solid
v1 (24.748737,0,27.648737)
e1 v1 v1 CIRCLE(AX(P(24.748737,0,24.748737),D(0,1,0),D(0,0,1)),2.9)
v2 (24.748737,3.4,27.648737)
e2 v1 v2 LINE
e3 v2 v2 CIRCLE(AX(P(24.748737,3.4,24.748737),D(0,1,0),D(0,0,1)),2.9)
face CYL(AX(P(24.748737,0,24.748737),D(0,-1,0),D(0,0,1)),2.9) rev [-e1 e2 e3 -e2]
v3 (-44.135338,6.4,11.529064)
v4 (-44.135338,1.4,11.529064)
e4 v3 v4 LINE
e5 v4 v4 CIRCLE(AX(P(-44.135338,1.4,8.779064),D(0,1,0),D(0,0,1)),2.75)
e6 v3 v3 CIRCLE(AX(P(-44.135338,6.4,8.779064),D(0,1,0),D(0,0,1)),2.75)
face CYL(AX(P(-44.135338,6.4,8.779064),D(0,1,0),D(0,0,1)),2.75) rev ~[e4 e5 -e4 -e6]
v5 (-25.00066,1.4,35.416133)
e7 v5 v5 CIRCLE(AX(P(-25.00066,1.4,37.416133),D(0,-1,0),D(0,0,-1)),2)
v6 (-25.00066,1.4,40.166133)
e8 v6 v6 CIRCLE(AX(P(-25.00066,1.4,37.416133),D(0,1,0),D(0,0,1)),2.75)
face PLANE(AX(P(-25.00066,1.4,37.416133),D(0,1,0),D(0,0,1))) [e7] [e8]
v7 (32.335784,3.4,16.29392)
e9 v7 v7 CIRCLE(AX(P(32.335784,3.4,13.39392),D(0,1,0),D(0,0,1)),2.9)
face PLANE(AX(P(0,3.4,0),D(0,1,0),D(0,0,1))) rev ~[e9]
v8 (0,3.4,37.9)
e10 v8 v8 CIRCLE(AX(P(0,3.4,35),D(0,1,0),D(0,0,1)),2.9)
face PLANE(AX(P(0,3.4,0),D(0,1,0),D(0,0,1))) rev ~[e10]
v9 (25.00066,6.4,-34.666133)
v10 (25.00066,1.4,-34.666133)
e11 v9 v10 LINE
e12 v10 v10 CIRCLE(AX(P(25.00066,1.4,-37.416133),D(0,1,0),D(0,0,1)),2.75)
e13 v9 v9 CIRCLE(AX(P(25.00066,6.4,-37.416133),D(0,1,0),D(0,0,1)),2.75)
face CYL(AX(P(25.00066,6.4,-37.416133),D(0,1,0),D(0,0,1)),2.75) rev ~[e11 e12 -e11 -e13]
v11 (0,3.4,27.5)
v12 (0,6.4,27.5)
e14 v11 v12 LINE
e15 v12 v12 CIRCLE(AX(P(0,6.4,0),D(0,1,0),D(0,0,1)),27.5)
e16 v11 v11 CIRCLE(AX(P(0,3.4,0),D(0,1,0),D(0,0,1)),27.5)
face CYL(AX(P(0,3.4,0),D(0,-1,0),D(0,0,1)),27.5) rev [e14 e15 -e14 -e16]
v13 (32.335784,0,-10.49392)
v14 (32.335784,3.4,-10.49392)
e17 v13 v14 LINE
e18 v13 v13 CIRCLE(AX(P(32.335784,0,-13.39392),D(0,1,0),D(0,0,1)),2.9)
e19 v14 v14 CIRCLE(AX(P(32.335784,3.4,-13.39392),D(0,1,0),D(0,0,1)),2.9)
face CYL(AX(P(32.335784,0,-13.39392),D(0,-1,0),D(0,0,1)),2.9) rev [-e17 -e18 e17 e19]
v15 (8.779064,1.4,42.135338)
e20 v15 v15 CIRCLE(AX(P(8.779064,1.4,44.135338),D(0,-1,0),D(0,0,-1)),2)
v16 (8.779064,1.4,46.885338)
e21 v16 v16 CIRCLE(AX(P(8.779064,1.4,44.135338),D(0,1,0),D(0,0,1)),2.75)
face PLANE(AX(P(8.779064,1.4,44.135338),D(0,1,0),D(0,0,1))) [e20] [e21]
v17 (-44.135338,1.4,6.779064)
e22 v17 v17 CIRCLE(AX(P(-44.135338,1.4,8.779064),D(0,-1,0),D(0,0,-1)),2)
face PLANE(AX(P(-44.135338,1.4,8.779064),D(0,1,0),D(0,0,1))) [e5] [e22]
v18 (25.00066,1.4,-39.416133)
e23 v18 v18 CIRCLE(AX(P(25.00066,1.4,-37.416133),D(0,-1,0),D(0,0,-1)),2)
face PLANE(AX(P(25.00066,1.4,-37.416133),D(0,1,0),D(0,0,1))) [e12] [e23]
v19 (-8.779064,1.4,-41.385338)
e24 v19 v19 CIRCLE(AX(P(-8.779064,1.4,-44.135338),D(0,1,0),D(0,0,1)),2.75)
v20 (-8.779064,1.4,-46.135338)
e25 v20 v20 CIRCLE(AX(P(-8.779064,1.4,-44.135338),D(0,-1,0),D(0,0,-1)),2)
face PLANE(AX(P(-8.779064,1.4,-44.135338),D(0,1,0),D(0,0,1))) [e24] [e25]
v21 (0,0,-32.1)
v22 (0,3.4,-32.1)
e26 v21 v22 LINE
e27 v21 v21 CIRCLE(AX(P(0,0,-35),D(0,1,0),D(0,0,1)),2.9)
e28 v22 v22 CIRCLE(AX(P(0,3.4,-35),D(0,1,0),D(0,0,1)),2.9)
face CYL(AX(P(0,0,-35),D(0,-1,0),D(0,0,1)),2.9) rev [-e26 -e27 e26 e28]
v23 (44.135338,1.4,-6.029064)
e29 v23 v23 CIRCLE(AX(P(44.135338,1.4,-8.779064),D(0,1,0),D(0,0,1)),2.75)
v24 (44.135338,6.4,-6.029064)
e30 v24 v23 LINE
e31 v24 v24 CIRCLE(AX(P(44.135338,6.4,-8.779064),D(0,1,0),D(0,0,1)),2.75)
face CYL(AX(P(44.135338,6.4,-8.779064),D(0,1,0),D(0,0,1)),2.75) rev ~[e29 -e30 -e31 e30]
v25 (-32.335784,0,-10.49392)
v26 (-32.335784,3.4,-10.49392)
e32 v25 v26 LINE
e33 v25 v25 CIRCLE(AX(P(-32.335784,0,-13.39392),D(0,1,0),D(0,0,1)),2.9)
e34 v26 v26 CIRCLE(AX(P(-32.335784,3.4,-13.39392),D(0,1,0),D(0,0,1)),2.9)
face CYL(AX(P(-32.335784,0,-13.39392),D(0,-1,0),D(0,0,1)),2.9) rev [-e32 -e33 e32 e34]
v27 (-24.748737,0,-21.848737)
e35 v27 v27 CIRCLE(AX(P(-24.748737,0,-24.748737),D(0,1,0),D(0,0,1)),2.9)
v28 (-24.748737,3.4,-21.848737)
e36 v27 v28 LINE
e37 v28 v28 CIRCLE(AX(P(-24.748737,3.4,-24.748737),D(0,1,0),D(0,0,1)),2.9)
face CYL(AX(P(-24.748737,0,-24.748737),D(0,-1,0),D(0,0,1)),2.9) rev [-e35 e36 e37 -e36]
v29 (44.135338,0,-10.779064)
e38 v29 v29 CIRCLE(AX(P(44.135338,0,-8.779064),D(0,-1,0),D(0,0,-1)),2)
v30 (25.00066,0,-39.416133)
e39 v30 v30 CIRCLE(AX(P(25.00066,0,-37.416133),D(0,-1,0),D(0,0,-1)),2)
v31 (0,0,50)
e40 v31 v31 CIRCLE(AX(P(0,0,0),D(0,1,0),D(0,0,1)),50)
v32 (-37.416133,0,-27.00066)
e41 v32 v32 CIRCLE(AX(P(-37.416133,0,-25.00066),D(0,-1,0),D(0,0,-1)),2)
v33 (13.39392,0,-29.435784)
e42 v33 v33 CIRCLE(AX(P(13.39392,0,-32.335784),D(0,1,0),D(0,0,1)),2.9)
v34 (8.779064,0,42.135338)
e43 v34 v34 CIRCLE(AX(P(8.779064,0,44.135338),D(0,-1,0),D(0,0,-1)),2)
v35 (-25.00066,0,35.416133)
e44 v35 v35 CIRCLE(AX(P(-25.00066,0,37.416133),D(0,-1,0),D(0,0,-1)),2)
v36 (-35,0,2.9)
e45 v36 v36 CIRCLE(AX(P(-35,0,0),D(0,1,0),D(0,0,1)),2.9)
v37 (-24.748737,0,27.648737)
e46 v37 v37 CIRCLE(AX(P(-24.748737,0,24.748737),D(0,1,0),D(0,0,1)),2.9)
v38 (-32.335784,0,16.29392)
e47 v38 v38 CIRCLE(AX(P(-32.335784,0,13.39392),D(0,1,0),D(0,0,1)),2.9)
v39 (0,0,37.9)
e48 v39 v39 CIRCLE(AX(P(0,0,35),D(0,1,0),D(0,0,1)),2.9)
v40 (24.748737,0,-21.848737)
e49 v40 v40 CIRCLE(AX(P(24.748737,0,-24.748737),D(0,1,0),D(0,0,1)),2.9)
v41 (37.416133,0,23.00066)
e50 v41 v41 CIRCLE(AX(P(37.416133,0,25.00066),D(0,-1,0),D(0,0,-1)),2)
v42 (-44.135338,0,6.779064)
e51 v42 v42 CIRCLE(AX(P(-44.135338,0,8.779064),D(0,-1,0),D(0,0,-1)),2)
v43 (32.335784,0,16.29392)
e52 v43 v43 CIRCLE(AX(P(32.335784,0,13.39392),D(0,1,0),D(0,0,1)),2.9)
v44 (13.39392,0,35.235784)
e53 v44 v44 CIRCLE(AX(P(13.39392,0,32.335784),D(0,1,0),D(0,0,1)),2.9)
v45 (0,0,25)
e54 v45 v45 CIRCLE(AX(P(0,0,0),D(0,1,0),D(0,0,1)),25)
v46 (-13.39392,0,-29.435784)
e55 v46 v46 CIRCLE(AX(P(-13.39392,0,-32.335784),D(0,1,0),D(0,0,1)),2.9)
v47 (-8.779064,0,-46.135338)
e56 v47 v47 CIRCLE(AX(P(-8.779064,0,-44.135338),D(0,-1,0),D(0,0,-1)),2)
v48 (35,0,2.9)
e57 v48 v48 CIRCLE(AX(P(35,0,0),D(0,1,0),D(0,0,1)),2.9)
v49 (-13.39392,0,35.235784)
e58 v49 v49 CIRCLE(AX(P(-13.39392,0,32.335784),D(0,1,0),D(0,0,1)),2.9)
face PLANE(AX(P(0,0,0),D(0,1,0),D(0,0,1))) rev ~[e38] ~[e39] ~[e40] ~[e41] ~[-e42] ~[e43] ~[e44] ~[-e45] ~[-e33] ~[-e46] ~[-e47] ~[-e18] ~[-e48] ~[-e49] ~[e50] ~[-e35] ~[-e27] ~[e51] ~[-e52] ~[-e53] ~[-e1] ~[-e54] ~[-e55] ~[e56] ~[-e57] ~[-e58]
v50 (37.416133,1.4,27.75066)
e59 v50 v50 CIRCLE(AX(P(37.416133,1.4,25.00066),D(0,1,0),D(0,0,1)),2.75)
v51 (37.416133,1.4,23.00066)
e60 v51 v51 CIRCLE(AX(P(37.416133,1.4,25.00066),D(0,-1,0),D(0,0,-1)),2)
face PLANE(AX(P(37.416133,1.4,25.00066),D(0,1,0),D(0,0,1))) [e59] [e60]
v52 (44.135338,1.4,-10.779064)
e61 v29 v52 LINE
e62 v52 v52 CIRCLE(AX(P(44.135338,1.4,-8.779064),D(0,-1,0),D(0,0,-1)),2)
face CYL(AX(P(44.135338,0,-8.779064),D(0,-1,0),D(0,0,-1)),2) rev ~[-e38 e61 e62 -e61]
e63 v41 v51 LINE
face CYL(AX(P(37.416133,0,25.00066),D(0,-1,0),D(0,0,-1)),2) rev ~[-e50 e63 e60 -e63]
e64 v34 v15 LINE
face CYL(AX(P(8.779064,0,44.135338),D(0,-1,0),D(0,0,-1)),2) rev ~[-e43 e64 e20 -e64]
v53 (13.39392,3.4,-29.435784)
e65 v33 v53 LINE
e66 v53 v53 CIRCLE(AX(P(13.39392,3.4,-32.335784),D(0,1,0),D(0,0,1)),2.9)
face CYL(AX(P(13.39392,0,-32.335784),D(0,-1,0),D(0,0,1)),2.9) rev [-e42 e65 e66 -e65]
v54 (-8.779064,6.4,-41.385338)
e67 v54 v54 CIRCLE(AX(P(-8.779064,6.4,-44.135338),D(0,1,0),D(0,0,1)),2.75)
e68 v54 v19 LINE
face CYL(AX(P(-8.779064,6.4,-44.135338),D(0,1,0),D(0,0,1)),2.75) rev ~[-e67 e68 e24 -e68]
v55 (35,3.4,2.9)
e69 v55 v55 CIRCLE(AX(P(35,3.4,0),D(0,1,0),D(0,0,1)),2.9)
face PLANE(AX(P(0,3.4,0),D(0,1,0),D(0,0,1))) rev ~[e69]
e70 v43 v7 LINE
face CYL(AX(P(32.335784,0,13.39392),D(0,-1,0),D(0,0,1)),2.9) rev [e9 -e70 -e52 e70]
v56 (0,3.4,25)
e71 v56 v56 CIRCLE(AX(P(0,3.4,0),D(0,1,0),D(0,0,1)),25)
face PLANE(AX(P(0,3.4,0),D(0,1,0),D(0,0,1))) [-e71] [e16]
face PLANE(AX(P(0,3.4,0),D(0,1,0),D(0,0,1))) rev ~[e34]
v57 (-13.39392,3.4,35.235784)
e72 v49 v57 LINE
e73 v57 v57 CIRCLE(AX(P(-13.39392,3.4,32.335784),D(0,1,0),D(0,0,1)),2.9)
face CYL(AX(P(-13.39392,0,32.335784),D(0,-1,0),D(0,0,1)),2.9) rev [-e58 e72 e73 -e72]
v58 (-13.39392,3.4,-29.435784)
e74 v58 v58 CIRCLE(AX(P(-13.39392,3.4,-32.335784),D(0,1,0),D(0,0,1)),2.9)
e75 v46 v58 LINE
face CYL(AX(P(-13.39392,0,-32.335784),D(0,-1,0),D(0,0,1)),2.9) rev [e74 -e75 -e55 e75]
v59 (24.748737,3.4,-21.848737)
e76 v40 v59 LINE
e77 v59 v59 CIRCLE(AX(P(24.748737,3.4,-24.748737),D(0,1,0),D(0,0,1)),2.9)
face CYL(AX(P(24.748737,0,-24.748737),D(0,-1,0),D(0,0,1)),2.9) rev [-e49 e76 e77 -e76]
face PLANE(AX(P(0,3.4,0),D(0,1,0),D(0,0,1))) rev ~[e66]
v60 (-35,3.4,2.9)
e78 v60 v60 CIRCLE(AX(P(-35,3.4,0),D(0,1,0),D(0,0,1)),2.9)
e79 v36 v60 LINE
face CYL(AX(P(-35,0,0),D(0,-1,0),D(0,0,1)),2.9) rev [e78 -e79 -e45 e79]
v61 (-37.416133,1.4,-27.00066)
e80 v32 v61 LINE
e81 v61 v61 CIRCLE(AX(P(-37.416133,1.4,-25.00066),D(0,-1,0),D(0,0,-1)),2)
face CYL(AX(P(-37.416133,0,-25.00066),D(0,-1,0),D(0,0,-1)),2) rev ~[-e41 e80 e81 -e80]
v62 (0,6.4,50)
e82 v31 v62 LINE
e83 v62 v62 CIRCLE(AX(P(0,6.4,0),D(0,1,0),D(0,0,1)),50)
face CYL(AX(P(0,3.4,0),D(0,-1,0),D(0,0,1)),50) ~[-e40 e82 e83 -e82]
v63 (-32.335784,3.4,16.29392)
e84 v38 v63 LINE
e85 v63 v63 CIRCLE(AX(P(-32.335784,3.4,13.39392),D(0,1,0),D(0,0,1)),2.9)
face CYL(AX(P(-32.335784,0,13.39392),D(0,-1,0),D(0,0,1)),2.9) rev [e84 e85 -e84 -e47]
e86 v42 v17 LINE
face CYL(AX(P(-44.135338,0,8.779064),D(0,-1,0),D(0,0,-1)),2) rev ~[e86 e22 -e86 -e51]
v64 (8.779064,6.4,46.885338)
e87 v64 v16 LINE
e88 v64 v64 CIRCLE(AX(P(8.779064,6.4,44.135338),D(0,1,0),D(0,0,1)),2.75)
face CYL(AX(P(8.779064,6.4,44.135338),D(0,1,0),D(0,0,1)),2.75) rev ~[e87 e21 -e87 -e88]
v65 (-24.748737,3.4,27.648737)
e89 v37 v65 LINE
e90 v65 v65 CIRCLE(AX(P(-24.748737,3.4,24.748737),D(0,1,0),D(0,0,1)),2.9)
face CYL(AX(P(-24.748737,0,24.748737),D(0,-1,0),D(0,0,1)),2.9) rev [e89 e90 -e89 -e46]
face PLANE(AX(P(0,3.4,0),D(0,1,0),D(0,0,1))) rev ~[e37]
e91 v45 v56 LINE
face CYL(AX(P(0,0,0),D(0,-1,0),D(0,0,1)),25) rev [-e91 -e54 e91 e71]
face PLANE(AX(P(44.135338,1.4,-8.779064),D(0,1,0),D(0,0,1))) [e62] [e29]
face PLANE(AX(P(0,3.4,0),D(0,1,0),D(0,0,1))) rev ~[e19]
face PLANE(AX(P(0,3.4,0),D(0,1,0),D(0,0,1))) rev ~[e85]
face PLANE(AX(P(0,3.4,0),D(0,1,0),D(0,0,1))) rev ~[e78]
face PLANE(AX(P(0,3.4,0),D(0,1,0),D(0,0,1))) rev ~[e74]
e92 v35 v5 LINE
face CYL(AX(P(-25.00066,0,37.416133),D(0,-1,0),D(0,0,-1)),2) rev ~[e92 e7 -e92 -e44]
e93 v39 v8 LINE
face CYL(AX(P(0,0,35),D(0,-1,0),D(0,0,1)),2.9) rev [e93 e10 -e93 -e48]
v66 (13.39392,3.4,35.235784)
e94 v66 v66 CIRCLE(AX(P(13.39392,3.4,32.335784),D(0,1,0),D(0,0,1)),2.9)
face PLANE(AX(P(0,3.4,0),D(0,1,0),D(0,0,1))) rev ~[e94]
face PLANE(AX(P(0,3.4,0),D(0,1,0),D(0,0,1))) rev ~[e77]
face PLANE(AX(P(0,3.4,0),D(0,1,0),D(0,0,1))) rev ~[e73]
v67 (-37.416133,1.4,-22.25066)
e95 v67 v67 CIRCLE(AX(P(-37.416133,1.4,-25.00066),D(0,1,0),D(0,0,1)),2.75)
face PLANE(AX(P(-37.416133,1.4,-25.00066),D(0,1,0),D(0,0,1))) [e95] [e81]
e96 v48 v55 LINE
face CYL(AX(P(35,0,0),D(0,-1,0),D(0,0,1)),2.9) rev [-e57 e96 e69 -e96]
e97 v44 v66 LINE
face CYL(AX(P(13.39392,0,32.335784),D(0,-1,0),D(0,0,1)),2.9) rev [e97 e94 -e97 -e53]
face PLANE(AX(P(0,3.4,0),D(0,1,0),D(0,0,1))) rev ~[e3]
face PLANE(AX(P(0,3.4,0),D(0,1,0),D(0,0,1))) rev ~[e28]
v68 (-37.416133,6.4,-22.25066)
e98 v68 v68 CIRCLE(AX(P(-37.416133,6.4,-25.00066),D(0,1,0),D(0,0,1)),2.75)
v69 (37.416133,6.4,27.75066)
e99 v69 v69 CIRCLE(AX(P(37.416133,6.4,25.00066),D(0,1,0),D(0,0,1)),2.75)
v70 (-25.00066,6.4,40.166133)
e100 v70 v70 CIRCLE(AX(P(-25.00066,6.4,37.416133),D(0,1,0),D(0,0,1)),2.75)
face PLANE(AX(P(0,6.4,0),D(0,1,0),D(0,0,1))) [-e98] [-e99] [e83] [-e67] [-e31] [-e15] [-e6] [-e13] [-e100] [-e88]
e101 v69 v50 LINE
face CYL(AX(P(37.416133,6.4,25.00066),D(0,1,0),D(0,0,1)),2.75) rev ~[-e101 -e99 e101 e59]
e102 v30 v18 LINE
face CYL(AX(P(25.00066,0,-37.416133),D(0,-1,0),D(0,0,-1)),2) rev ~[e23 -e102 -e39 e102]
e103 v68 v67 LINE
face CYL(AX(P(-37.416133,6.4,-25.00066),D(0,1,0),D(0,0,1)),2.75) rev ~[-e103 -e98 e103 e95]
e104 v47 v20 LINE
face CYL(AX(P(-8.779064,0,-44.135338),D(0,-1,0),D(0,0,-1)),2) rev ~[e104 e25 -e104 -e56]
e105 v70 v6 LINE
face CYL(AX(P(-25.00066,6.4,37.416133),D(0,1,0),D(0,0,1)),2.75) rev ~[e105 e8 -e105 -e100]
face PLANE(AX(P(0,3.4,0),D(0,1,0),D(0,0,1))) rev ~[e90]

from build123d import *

# Parameters (mm, degrees)
SKETCH1_R           = 50
SKETCH1_R_2         = 25
SKETCH1_R_3         = 2.9
BOSS_EXTRUDE1_DEPTH = 3.4
SKETCH2_R           = 50
SKETCH2_R_2         = 27.5
BOSS_EXTRUDE2_DEPTH = 3
SKETCH3_R           = 2
CUT_EXTRUDE1_DEPTH  = 6.4
SKETCH4_R           = 2.75
CUT_EXTRUDE2_DEPTH  = 5


with BuildPart() as part:
    # Sketch1 → Boss-Extrude1 (new body)
    with BuildSketch(Plane(origin=(0, 0, 0), x_dir=(1, 0, 0), z_dir=(0, 1, 0))):
        with Locations(Location((0, 0, 0), (0, 0, 270))):
            Circle(SKETCH1_R)
        with Locations(Location((0, 0, 0), (0, 0, 270))):
            Circle(SKETCH1_R_2, mode=Mode.SUBTRACT)
        with Locations(Location((0, 35, 0), (0, 0, 270))):
            Circle(SKETCH1_R_3, mode=Mode.SUBTRACT)
        with Locations(Location((13.393920133, 32.335783638, 0), (0, 0, 270))):
            Circle(SKETCH1_R_3, mode=Mode.SUBTRACT)
        with Locations(Location((24.748737342, 24.748737342, 0), (0, 0, 270))):
            Circle(SKETCH1_R_3, mode=Mode.SUBTRACT)
        with Locations(Location((32.335783638, 13.393920133, 0), (0, 0, 270))):
            Circle(SKETCH1_R_3, mode=Mode.SUBTRACT)
        with Locations(Location((35, 0, 0), (0, 0, 270))):
            Circle(SKETCH1_R_3, mode=Mode.SUBTRACT)
        with Locations(Location((32.335783638, -13.393920133, 0), (0, 0, 270))):
            Circle(SKETCH1_R_3, mode=Mode.SUBTRACT)
        with Locations(Location((24.748737342, -24.748737342, 0), (0, 0, 270))):
            Circle(SKETCH1_R_3, mode=Mode.SUBTRACT)
        with Locations(Location((13.393920133, -32.335783638, 0), (0, 0, 270))):
            Circle(SKETCH1_R_3, mode=Mode.SUBTRACT)
        with Locations(Location((0, -35, 0), (0, 0, 270))):
            Circle(SKETCH1_R_3, mode=Mode.SUBTRACT)
        with Locations(Location((-13.393920133, -32.335783638, 0), (0, 0, 270))):
            Circle(SKETCH1_R_3, mode=Mode.SUBTRACT)
        with Locations(Location((-24.748737342, -24.748737342, 0), (0, 0, 270))):
            Circle(SKETCH1_R_3, mode=Mode.SUBTRACT)
        with Locations(Location((-32.335783638, -13.393920133, 0), (0, 0, 270))):
            Circle(SKETCH1_R_3, mode=Mode.SUBTRACT)
        with Locations(Location((-35, 0, 0), (0, 0, 270))):
            Circle(SKETCH1_R_3, mode=Mode.SUBTRACT)
        with Locations(Location((-32.335783638, 13.393920133, 0), (0, 0, 270))):
            Circle(SKETCH1_R_3, mode=Mode.SUBTRACT)
        with Locations(Location((-24.748737342, 24.748737342, 0), (0, 0, 270))):
            Circle(SKETCH1_R_3, mode=Mode.SUBTRACT)
        with Locations(Location((-13.393920133, 32.335783638, 0), (0, 0, 270))):
            Circle(SKETCH1_R_3, mode=Mode.SUBTRACT)
    extrude(amount=BOSS_EXTRUDE1_DEPTH)

    # Sketch2 → Boss-Extrude2 (add)
    with BuildSketch(Plane(origin=(0, 3.4, 0), x_dir=(1, 0, 0), z_dir=(0, 1, 0))):
        with Locations(Location((0, 0, 0), (0, 0, 270))):
            Circle(SKETCH2_R)
        with Locations(Location((0, 0, 0), (0, 0, 270))):
            Circle(SKETCH2_R_2, mode=Mode.SUBTRACT)
    extrude(amount=BOSS_EXTRUDE2_DEPTH)

    # Sketch3 → Cut-Extrude1 (cut)
    with BuildSketch(Plane.XZ):
        with Locations(Location((-37.416132554, -25.000660486, 0), (0, 0, 270))):
            Circle(SKETCH3_R)
        with Locations(Location((37.416132554, 25.000660486, 0), (0, 0, 270))):
            Circle(SKETCH3_R)
        with Locations(Location((44.135337618, -8.779064491, 0), (0, 0, 270))):
            Circle(SKETCH3_R)
        with Locations(Location((25.000660486, -37.416132554, 0), (0, 0, 270))):
            Circle(SKETCH3_R)
        with Locations(Location((-8.779064491, -44.135337618, 0), (0, 0, 270))):
            Circle(SKETCH3_R)
        with Locations(Location((-44.135337618, 8.779064491, 0), (0, 0, 270))):
            Circle(SKETCH3_R)
        with Locations(Location((-25.000660486, 37.416132554, 0), (0, 0, 270))):
            Circle(SKETCH3_R)
        with Locations(Location((8.779064491, 44.135337618, 0), (0, 0, 270))):
            Circle(SKETCH3_R)
    extrude(amount=-CUT_EXTRUDE1_DEPTH, mode=Mode.SUBTRACT)

    # Sketch4 → Cut-Extrude2 (cut)
    with BuildSketch(Plane(origin=(0, 6.4, 0), x_dir=(1, 0, 0), z_dir=(0, 1, 0))):
        with Locations(Location((-8.779064491, 44.135337618, 0), (0, 0, 270))):
            Circle(SKETCH4_R)
        with Locations(Location((25.000660486, 37.416132554, 0), (0, 0, 270))):
            Circle(SKETCH4_R)
        with Locations(Location((44.135337618, 8.779064491, 0), (0, 0, 270))):
            Circle(SKETCH4_R)
        with Locations(Location((37.416132554, -25.000660486, 0), (0, 0, 270))):
            Circle(SKETCH4_R)
        with Locations(Location((8.779064491, -44.135337618, 0), (0, 0, 270))):
            Circle(SKETCH4_R)
        with Locations(Location((-25.000660486, -37.416132554, 0), (0, 0, 270))):
            Circle(SKETCH4_R)
        with Locations(Location((-44.135337618, -8.779064491, 0), (0, 0, 270))):
            Circle(SKETCH4_R)
        with Locations(Location((-37.416132554, 25.000660486, 0), (0, 0, 270))):
            Circle(SKETCH4_R)
    extrude(amount=-CUT_EXTRUDE2_DEPTH, mode=Mode.SUBTRACT)


solid = part.part
